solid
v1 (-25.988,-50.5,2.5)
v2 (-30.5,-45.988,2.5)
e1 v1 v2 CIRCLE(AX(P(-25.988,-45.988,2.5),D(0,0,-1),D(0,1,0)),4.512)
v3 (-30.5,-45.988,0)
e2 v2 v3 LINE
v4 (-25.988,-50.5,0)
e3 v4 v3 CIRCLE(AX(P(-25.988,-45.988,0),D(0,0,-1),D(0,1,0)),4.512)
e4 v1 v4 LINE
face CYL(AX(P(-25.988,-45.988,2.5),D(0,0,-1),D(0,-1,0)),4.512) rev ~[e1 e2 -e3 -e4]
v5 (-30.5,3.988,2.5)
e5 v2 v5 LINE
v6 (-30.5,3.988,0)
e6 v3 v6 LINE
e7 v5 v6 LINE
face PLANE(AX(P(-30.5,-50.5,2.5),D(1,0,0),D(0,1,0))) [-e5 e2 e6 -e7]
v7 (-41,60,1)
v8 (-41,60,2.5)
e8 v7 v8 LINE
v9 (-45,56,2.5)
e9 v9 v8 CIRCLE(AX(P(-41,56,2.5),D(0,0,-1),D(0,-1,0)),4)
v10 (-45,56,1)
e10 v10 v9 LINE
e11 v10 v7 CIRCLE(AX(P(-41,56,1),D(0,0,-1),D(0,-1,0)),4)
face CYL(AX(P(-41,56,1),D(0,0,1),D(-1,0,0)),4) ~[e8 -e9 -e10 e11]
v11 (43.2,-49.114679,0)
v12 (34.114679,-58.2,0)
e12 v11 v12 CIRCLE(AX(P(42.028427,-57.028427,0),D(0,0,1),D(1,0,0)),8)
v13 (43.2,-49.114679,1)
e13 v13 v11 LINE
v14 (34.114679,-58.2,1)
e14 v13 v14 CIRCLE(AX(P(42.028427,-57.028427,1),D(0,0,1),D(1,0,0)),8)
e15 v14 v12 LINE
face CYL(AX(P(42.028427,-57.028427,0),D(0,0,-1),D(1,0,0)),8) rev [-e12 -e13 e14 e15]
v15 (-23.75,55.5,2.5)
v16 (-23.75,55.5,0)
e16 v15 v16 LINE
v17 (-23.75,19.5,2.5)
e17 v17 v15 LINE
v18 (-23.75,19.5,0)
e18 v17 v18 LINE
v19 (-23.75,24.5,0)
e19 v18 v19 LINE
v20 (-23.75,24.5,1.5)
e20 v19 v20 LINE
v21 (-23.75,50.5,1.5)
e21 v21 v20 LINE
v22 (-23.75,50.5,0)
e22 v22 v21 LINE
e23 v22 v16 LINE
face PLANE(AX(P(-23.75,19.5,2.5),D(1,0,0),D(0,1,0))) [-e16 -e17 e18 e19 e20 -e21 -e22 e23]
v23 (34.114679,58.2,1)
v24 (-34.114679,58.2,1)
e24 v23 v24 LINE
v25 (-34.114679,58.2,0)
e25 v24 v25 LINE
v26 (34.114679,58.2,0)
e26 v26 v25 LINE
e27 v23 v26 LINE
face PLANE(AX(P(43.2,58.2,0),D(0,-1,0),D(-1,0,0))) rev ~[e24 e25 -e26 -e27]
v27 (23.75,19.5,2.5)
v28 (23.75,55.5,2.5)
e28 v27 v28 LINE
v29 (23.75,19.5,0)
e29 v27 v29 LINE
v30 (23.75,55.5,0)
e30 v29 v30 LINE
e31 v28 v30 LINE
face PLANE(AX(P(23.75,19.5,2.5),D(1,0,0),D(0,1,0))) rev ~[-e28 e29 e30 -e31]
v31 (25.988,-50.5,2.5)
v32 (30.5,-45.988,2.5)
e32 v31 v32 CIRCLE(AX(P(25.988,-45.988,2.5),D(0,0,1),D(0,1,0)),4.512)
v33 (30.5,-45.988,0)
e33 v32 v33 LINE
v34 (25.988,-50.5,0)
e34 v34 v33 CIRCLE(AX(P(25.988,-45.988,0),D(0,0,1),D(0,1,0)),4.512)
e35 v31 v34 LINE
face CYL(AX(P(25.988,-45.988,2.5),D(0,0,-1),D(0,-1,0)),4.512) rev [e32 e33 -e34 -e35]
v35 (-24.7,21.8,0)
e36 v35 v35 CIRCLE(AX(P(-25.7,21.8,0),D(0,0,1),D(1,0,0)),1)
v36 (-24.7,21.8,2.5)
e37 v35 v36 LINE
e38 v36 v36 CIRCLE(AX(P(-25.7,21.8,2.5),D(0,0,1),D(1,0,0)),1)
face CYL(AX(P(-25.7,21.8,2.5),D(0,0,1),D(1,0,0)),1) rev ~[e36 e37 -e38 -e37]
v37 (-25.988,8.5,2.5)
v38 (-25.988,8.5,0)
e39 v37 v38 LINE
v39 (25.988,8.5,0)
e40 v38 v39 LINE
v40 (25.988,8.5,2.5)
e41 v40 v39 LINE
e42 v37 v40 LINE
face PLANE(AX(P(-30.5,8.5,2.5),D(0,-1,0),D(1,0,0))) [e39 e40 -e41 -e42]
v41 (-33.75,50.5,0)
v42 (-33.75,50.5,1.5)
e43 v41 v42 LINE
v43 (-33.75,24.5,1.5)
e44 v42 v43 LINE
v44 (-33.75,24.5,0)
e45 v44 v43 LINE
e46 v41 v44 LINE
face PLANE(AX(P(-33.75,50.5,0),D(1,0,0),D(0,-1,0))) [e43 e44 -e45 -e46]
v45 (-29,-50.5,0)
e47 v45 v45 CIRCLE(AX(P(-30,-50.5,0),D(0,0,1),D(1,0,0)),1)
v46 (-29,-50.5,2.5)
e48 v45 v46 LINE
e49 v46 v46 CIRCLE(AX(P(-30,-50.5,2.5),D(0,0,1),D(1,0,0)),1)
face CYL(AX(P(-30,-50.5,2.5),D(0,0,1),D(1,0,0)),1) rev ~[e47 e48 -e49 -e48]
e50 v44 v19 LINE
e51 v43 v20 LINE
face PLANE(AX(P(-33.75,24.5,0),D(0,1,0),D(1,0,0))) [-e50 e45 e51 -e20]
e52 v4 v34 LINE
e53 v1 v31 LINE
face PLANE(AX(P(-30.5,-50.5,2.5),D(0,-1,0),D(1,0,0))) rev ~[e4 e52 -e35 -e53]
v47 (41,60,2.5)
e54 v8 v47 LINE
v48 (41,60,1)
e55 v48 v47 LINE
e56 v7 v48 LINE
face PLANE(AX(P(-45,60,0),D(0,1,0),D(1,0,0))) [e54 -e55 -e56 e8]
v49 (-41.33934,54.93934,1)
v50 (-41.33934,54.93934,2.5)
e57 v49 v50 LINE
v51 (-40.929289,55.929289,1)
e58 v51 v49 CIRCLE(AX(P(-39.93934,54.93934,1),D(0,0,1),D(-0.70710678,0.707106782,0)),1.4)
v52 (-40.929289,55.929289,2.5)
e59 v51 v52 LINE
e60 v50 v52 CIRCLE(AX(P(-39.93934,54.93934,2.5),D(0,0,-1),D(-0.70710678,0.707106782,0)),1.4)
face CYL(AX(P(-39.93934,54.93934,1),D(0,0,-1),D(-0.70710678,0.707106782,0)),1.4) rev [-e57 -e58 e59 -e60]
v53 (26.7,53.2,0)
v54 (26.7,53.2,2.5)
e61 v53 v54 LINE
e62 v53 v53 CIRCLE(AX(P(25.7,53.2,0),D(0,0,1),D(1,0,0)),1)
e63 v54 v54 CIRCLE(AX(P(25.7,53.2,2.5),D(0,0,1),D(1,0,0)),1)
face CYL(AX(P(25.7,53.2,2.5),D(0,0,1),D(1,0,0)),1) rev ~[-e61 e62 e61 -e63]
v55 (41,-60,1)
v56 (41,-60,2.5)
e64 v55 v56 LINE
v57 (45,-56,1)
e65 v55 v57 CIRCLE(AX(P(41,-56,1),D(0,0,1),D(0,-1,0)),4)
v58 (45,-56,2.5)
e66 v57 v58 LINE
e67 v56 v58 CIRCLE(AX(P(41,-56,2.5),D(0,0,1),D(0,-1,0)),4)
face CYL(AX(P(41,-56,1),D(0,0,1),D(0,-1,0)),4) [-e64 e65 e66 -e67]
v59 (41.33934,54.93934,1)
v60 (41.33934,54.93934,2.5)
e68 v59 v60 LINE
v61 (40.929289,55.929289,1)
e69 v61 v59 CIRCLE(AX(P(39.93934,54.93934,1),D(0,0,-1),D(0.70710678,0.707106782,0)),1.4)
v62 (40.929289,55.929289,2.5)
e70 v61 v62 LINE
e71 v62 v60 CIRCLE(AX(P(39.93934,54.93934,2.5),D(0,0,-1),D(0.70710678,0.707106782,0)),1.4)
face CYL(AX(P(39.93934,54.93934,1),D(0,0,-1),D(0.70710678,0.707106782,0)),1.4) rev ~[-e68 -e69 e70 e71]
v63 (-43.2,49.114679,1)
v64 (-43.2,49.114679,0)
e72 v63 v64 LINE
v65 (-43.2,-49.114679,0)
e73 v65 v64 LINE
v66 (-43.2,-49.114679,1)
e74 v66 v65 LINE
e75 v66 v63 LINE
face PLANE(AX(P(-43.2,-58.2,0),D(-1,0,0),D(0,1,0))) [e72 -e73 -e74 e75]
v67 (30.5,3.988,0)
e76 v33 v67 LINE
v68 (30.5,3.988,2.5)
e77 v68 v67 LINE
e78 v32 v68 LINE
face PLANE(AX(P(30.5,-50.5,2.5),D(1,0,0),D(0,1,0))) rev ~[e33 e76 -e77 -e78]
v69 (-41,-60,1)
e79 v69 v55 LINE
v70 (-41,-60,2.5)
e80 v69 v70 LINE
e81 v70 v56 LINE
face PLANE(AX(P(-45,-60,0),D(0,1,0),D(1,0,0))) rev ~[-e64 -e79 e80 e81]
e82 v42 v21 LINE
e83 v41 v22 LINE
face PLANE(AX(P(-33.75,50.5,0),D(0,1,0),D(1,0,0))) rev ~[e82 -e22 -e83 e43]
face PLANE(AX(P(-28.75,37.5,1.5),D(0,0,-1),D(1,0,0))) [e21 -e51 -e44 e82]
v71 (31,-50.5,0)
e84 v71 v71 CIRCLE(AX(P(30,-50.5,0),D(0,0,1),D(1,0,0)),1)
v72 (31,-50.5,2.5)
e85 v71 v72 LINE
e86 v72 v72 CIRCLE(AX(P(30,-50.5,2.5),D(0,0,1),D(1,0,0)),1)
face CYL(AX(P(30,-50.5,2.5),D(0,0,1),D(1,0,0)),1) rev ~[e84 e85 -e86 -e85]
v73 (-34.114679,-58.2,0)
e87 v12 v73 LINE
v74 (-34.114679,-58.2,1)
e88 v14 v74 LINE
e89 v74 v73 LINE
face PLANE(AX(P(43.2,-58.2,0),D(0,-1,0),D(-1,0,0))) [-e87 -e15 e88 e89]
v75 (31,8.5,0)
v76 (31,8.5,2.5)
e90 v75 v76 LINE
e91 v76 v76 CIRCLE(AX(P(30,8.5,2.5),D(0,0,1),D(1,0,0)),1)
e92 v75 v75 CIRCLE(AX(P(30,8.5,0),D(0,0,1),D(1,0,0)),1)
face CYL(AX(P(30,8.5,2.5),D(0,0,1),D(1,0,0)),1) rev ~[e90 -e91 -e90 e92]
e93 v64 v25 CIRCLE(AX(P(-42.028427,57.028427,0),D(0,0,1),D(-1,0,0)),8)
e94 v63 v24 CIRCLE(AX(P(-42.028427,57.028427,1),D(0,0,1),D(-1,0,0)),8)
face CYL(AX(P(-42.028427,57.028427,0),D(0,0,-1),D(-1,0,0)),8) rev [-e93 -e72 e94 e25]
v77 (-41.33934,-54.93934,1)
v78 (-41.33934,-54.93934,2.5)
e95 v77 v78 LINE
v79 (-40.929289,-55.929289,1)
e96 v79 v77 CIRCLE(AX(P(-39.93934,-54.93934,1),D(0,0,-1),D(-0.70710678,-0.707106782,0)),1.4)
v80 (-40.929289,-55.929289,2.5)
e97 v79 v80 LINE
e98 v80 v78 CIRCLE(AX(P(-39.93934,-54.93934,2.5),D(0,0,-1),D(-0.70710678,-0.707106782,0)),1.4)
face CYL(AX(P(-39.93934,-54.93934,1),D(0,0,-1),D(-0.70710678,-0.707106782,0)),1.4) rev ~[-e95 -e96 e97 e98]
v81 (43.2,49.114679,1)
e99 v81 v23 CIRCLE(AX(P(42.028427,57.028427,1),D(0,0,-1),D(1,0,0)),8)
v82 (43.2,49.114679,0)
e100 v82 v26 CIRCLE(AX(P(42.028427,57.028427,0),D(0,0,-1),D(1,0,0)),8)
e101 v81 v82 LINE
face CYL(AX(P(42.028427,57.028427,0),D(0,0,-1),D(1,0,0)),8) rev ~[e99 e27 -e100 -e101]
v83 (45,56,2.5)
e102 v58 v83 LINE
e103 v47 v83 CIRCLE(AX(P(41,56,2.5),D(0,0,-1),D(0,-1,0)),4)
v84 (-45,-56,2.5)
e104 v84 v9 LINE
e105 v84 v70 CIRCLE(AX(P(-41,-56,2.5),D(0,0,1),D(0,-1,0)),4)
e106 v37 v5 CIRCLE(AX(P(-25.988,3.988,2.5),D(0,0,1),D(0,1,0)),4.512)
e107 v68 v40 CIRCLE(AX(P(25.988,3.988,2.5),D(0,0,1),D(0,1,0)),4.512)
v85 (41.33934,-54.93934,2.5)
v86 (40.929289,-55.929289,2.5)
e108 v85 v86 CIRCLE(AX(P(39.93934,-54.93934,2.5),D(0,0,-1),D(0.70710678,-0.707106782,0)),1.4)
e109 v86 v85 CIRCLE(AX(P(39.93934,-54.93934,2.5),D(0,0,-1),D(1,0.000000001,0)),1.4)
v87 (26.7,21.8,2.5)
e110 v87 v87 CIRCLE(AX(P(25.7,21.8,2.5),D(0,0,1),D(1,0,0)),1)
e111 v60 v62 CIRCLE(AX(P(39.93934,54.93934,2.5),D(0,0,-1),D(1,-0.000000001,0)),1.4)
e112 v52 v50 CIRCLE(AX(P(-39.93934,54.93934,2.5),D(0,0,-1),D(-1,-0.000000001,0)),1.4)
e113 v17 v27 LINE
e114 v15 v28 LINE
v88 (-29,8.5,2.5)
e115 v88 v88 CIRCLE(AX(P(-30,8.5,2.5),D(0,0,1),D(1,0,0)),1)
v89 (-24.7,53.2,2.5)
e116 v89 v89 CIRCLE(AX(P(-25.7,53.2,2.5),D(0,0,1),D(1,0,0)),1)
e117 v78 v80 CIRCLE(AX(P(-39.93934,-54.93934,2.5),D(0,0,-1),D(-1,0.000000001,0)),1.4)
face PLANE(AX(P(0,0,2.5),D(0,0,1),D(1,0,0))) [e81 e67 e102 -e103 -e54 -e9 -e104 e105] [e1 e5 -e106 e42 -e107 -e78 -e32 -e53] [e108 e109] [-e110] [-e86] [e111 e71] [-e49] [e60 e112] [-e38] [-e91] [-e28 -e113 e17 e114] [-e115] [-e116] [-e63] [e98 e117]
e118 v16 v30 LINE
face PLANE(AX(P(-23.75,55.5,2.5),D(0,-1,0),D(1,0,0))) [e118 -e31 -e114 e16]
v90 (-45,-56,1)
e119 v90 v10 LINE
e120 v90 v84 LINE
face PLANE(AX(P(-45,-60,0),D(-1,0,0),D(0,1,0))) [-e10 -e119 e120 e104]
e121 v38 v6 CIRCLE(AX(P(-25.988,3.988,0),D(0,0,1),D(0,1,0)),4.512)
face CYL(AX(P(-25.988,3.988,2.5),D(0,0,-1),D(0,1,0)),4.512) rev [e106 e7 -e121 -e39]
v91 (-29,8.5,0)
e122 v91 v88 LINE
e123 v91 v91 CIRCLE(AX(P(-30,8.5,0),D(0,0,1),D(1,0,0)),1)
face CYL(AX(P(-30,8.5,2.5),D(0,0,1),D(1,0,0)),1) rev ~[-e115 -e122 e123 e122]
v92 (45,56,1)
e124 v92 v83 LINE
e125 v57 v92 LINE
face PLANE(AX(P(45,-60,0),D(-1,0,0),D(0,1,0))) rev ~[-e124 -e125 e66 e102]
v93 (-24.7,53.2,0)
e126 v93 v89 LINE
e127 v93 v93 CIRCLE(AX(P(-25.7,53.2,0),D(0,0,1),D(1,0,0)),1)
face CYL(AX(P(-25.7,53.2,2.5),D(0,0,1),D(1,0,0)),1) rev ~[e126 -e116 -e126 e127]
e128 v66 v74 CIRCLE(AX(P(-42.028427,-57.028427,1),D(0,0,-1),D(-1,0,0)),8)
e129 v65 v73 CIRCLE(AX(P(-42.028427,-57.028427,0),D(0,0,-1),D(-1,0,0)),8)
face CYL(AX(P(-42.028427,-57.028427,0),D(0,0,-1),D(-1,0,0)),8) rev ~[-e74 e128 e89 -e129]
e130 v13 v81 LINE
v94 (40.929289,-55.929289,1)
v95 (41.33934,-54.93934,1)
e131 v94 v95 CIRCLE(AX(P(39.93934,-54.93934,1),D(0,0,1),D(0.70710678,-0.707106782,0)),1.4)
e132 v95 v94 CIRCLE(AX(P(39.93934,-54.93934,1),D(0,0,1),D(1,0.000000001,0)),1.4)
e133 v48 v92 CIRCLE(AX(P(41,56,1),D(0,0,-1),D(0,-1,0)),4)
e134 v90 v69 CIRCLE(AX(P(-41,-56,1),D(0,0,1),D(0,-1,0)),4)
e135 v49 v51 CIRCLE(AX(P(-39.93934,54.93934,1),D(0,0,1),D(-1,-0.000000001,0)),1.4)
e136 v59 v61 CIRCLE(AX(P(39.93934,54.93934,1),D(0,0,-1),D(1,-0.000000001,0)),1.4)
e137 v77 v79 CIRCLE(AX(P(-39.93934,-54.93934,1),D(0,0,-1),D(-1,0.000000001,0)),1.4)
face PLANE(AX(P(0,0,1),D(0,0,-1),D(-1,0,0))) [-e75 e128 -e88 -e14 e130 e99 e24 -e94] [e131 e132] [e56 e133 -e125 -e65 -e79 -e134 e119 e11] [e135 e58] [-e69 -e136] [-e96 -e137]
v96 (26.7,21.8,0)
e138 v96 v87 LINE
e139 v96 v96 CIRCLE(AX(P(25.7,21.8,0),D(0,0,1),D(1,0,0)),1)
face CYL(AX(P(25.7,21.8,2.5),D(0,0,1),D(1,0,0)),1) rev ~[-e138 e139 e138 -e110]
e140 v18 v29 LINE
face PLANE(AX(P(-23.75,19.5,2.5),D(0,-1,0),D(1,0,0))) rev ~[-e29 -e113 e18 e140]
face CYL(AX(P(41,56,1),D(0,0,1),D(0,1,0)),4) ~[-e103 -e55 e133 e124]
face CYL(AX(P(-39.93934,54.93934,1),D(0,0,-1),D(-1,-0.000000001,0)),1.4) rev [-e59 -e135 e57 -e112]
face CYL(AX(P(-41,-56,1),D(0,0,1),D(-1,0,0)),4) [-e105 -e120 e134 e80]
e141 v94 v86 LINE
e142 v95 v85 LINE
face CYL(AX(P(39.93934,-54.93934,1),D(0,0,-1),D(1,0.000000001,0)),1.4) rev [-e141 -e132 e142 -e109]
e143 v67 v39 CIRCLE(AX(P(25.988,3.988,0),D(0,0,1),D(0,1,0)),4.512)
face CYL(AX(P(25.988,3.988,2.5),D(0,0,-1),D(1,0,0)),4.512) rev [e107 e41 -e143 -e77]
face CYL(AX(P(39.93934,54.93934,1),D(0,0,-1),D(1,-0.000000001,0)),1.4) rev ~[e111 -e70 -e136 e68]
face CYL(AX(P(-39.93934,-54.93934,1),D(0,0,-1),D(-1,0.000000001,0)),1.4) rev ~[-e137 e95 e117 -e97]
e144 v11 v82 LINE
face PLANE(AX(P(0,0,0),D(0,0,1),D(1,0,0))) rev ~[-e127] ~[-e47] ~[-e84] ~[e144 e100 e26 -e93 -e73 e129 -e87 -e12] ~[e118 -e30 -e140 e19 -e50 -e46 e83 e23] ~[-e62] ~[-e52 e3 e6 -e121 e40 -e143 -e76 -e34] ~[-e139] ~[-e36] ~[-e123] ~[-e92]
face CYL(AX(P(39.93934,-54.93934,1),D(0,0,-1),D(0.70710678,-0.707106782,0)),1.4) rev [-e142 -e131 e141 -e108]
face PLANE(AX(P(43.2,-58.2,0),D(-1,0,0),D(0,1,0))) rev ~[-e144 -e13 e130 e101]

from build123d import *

# Parameters (mm, degrees)
SKETCH1_W               = 90
SKETCH1_H               = 120
BOSS_EXTRUDE1_DEPTH     = 2.5
SKETCH2_W               = 61
SKETCH2_H               = 59
SKETCH2_W_2             = 47.5
SKETCH2_H_2             = 36
CUT_EXTRUDE2_DEPTH      = 10
SKETCH4_W               = 90
SKETCH4_H               = 120
SKETCH4_W_2             = 86.4
SKETCH4_H_2             = 116.4
CUT_EXTRUDE4_DEPTH      = 1
FILLET2_R               = 4
FILLET3_R               = 4.512
SKETCH2_4_R             = 1
CUT_EXTRUDE6_DEPTH      = 1.5
SKETCH5_R               = 1
CUT_EXTRUDE9_DEPTH      = 1.5
SKETCH6_R               = 1
CUT_EXTRUDE10_DEPTH     = 5
SKETCH7_R               = 1
CUT_EXTRUDE11_DEPTH     = 5
SKETCH8_R               = 1
CUT_EXTRUDE12_DEPTH     = 5
SKETCH9_R               = 1
CUT_EXTRUDE13_DEPTH     = 5
SKETCH10_R              = 1
CUT_EXTRUDE14_DEPTH     = 5
SKETCH11_R              = 1
CUT_EXTRUDE15_DEPTH     = 5
SKETCH12_R              = 1
CUT_EXTRUDE16_DEPTH     = 5
SKETCH13_R              = 1
CUT_EXTRUDE17_DEPTH     = 5
SKE_VAT_R               = 8
VAT_DEPTH               = 1
MIRROR3_COPY_1_SKETCH_R = 8
MIRROR3_COPY_1_DEPTH    = 1
MIRROR3_COPY_2_SKETCH_R = 8
MIRROR3_COPY_2_DEPTH    = 1
SKETCH18_W              = 10
SKETCH18_H              = 26
CUT_EXTRUDE19_DEPTH     = 1.5
CUT_EXTRUDE20_DEPTH     = 10
MIRROR5_COPY_1_DEPTH    = 10


with BuildPart() as part:
    # Sketch1 → Boss-Extrude1 (new body)
    with BuildSketch(Plane.XY):
        Rectangle(SKETCH1_W, SKETCH1_H)
    extrude(amount=BOSS_EXTRUDE1_DEPTH)

    # Sketch2 → Cut-Extrude2 (cut)
    with BuildSketch(Plane.XY.offset(2.5)):
        with Locations((0, -21)):
            Rectangle(SKETCH2_W, SKETCH2_H)
        with Locations((0, 37.5)):
            Rectangle(SKETCH2_W_2, SKETCH2_H_2)
    extrude(amount=-CUT_EXTRUDE2_DEPTH, mode=Mode.SUBTRACT)

    # Sketch4 → Cut-Extrude4 (cut)
    with BuildSketch(Plane(origin=(0, 0, 0), x_dir=(-1, 0, 0), z_dir=(0, 0, -1))):
        Rectangle(SKETCH4_W, SKETCH4_H)
        Rectangle(SKETCH4_W_2, SKETCH4_H_2, mode=Mode.SUBTRACT)
    extrude(amount=-CUT_EXTRUDE4_DEPTH, mode=Mode.SUBTRACT)

    # Fillet2
    fillet2_edges = [part.edges().sort_by_distance(p)[0] for p in [
        (-45, 60, 1.75),
        (45, 60, 1.75),
        (45, -60, 1.75),
        (-45, -60, 1.75),
        (-43.2, -58.2, 0.5),
        (43.2, -58.2, 0.5),
        (-43.2, 58.2, 0.5),
        (43.2, 58.2, 0.5),
    ]]
    fillet(fillet2_edges, radius=FILLET2_R)

    # Fillet3
    fillet3_edges = [part.edges().sort_by_distance(p)[0] for p in [
        (-30.5, -50.5, 1.25),
        (30.5, -50.5, 1.25),
        (30.5, 8.5, 1.25),
        (-30.5, 8.5, 1.25),
    ]]
    fillet(fillet3_edges, radius=FILLET3_R)

    # Sketch2<4> → Cut-Extrude6 (cut)
    with BuildSketch(Plane.XY.offset(2.5)):
        with Locations((25.7, 53.2)):
            Circle(SKETCH2_4_R)
        with Locations((-25.7, 53.2)):
            Circle(SKETCH2_4_R)
        with Locations((-25.7, 21.8)):
            Circle(SKETCH2_4_R)
        with Locations((25.7, 21.8)):
            Circle(SKETCH2_4_R)
    extrude(amount=-CUT_EXTRUDE6_DEPTH, mode=Mode.SUBTRACT)

    # Sketch5 → Cut-Extrude9 (cut)
    with BuildSketch(Plane.XY.offset(2.5)):
        with Locations((-30, -50.5)):
            Circle(SKETCH5_R)
        with Locations((-30, 8.5)):
            Circle(SKETCH5_R)
        with Locations((30, 8.5)):
            Circle(SKETCH5_R)
        with Locations((30, -50.5)):
            Circle(SKETCH5_R)
    extrude(amount=-CUT_EXTRUDE9_DEPTH, mode=Mode.SUBTRACT)

    # Sketch6 → Cut-Extrude10 (cut)
    with BuildSketch(Plane.XY.offset(2.5)):
        with Locations((-30, 8.5)):
            Circle(SKETCH6_R)
    extrude(amount=-CUT_EXTRUDE10_DEPTH, mode=Mode.SUBTRACT)

    # Sketch7 → Cut-Extrude11 (cut)
    with BuildSketch(Plane.XY.offset(2.5)):
        with Locations((30, 8.5)):
            Circle(SKETCH7_R)
    extrude(amount=-CUT_EXTRUDE11_DEPTH, mode=Mode.SUBTRACT)

    # Sketch8 → Cut-Extrude12 (cut)
    with BuildSketch(Plane.XY.offset(2.5)):
        with Locations((-25.7, 21.8)):
            Circle(SKETCH8_R)
    extrude(amount=-CUT_EXTRUDE12_DEPTH, mode=Mode.SUBTRACT)

    # Sketch9 → Cut-Extrude13 (cut)
    with BuildSketch(Plane.XY.offset(2.5)):
        with Locations((25.7, 21.8)):
            Circle(SKETCH9_R)
    extrude(amount=-CUT_EXTRUDE13_DEPTH, mode=Mode.SUBTRACT)

    # Sketch10 → Cut-Extrude14 (cut)
    with BuildSketch(Plane.XY.offset(2.5)):
        with Locations((-30, -50.5)):
            Circle(SKETCH10_R)
    extrude(amount=-CUT_EXTRUDE14_DEPTH, mode=Mode.SUBTRACT)

    # Sketch11 → Cut-Extrude15 (cut)
    with BuildSketch(Plane.XY.offset(2.5)):
        with Locations((30, -50.5)):
            Circle(SKETCH11_R)
    extrude(amount=-CUT_EXTRUDE15_DEPTH, mode=Mode.SUBTRACT)

    # Sketch12 → Cut-Extrude16 (cut)
    with BuildSketch(Plane.XY.offset(2.5)):
        with Locations((25.7, 53.2)):
            Circle(SKETCH12_R)
    extrude(amount=-CUT_EXTRUDE16_DEPTH, mode=Mode.SUBTRACT)

    # Sketch13 → Cut-Extrude17 (cut)
    with BuildSketch(Plane.XY.offset(2.5)):
        with Locations((-25.7, 53.2)):
            Circle(SKETCH13_R)
    extrude(amount=-CUT_EXTRUDE17_DEPTH, mode=Mode.SUBTRACT)

    # ske_vat → vat (cut)
    with BuildSketch(Plane(origin=(0, 0, 0), x_dir=(1, 0, 0), z_dir=(0, 0, -1))):
        with Locations((42.028427125, -57.028427125)):
            Circle(SKE_VAT_R)
    vat = extrude(amount=-VAT_DEPTH, mode=Mode.SUBTRACT)

    # Mirror1: vat across plane
    add(vat.mirror(Plane(origin=(0, 0, 0), x_dir=(0, 0, 1), z_dir=(1, 0, 0))), mode=Mode.SUBTRACT)

    # Mirror2: vat across plane
    add(vat.mirror(Plane.ZX), mode=Mode.SUBTRACT)

    # Mirror3 copy 1 sketch → Mirror3 copy 1 (cut)
    with BuildSketch(Plane(origin=(0, 0, 0), x_dir=(-1, 0, 0), z_dir=(0, 0, -1))):
        with Locations((42.028427125, -57.028427125)):
            Circle(MIRROR3_COPY_1_SKETCH_R)
    extrude(amount=-MIRROR3_COPY_1_DEPTH, mode=Mode.SUBTRACT)

    # Mirror3 copy 2 sketch → Mirror3 copy 2 (cut)
    with BuildSketch(Plane(origin=(0, 0, 0), x_dir=(-1, 0, 0), z_dir=(0, 0, -1))):
        with Locations((42.028427125, 57.028427125)):
            Circle(MIRROR3_COPY_2_SKETCH_R)
    extrude(amount=-MIRROR3_COPY_2_DEPTH, mode=Mode.SUBTRACT)

    # Sketch18 → Cut-Extrude19 (cut)
    with BuildSketch(Plane(origin=(0, 0, 0), x_dir=(1, 0, 0), z_dir=(0, 0, -1))):
        with Locations((-28.75, -37.5)):
            Rectangle(SKETCH18_W, SKETCH18_H)
    extrude(amount=-CUT_EXTRUDE19_DEPTH, mode=Mode.SUBTRACT)

    # Sketch19 → Cut-Extrude20 (cut)
    with BuildSketch(Plane(origin=(0, 0, 1), x_dir=(1, 0, 0), z_dir=(0, 0, -1))):
        with BuildLine():
            ThreePointArc((40.929289322, -55.929289322), (41.232771174, -55.475096634), (41.339339828, -54.939339828))
            ThreePointArc((41.339339828, -54.939339828), (38.645908483, -54.403583023), (40.929289322, -55.929289322))
        make_face()
    cut_extrude20 = extrude(amount=-CUT_EXTRUDE20_DEPTH, mode=Mode.SUBTRACT)

    # Mirror4: Cut-Extrude20 across plane
    add(cut_extrude20.mirror(Plane(origin=(0, 0, 0), x_dir=(0, 0, 1), z_dir=(1, 0, 0))), mode=Mode.SUBTRACT)

    # Mirror5: Cut-Extrude20 across plane
    add(cut_extrude20.mirror(Plane.ZX), mode=Mode.SUBTRACT)

    # Mirror5 copy 1 sketch → Mirror5 copy 1 (cut)
    with BuildSketch(Plane(origin=(0, 0, 1), x_dir=(-1, 0, 0), z_dir=(0, 0, -1))):
        with BuildLine():
            ThreePointArc((40.929289322, -55.929289322), (41.232771174, -55.475096634), (41.339339828, -54.939339828))
            ThreePointArc((41.339339828, -54.939339828), (38.645908483, -54.403583023), (40.929289322, -55.929289322))
        make_face()
    extrude(amount=-MIRROR5_COPY_1_DEPTH, mode=Mode.SUBTRACT)


solid = part.part
